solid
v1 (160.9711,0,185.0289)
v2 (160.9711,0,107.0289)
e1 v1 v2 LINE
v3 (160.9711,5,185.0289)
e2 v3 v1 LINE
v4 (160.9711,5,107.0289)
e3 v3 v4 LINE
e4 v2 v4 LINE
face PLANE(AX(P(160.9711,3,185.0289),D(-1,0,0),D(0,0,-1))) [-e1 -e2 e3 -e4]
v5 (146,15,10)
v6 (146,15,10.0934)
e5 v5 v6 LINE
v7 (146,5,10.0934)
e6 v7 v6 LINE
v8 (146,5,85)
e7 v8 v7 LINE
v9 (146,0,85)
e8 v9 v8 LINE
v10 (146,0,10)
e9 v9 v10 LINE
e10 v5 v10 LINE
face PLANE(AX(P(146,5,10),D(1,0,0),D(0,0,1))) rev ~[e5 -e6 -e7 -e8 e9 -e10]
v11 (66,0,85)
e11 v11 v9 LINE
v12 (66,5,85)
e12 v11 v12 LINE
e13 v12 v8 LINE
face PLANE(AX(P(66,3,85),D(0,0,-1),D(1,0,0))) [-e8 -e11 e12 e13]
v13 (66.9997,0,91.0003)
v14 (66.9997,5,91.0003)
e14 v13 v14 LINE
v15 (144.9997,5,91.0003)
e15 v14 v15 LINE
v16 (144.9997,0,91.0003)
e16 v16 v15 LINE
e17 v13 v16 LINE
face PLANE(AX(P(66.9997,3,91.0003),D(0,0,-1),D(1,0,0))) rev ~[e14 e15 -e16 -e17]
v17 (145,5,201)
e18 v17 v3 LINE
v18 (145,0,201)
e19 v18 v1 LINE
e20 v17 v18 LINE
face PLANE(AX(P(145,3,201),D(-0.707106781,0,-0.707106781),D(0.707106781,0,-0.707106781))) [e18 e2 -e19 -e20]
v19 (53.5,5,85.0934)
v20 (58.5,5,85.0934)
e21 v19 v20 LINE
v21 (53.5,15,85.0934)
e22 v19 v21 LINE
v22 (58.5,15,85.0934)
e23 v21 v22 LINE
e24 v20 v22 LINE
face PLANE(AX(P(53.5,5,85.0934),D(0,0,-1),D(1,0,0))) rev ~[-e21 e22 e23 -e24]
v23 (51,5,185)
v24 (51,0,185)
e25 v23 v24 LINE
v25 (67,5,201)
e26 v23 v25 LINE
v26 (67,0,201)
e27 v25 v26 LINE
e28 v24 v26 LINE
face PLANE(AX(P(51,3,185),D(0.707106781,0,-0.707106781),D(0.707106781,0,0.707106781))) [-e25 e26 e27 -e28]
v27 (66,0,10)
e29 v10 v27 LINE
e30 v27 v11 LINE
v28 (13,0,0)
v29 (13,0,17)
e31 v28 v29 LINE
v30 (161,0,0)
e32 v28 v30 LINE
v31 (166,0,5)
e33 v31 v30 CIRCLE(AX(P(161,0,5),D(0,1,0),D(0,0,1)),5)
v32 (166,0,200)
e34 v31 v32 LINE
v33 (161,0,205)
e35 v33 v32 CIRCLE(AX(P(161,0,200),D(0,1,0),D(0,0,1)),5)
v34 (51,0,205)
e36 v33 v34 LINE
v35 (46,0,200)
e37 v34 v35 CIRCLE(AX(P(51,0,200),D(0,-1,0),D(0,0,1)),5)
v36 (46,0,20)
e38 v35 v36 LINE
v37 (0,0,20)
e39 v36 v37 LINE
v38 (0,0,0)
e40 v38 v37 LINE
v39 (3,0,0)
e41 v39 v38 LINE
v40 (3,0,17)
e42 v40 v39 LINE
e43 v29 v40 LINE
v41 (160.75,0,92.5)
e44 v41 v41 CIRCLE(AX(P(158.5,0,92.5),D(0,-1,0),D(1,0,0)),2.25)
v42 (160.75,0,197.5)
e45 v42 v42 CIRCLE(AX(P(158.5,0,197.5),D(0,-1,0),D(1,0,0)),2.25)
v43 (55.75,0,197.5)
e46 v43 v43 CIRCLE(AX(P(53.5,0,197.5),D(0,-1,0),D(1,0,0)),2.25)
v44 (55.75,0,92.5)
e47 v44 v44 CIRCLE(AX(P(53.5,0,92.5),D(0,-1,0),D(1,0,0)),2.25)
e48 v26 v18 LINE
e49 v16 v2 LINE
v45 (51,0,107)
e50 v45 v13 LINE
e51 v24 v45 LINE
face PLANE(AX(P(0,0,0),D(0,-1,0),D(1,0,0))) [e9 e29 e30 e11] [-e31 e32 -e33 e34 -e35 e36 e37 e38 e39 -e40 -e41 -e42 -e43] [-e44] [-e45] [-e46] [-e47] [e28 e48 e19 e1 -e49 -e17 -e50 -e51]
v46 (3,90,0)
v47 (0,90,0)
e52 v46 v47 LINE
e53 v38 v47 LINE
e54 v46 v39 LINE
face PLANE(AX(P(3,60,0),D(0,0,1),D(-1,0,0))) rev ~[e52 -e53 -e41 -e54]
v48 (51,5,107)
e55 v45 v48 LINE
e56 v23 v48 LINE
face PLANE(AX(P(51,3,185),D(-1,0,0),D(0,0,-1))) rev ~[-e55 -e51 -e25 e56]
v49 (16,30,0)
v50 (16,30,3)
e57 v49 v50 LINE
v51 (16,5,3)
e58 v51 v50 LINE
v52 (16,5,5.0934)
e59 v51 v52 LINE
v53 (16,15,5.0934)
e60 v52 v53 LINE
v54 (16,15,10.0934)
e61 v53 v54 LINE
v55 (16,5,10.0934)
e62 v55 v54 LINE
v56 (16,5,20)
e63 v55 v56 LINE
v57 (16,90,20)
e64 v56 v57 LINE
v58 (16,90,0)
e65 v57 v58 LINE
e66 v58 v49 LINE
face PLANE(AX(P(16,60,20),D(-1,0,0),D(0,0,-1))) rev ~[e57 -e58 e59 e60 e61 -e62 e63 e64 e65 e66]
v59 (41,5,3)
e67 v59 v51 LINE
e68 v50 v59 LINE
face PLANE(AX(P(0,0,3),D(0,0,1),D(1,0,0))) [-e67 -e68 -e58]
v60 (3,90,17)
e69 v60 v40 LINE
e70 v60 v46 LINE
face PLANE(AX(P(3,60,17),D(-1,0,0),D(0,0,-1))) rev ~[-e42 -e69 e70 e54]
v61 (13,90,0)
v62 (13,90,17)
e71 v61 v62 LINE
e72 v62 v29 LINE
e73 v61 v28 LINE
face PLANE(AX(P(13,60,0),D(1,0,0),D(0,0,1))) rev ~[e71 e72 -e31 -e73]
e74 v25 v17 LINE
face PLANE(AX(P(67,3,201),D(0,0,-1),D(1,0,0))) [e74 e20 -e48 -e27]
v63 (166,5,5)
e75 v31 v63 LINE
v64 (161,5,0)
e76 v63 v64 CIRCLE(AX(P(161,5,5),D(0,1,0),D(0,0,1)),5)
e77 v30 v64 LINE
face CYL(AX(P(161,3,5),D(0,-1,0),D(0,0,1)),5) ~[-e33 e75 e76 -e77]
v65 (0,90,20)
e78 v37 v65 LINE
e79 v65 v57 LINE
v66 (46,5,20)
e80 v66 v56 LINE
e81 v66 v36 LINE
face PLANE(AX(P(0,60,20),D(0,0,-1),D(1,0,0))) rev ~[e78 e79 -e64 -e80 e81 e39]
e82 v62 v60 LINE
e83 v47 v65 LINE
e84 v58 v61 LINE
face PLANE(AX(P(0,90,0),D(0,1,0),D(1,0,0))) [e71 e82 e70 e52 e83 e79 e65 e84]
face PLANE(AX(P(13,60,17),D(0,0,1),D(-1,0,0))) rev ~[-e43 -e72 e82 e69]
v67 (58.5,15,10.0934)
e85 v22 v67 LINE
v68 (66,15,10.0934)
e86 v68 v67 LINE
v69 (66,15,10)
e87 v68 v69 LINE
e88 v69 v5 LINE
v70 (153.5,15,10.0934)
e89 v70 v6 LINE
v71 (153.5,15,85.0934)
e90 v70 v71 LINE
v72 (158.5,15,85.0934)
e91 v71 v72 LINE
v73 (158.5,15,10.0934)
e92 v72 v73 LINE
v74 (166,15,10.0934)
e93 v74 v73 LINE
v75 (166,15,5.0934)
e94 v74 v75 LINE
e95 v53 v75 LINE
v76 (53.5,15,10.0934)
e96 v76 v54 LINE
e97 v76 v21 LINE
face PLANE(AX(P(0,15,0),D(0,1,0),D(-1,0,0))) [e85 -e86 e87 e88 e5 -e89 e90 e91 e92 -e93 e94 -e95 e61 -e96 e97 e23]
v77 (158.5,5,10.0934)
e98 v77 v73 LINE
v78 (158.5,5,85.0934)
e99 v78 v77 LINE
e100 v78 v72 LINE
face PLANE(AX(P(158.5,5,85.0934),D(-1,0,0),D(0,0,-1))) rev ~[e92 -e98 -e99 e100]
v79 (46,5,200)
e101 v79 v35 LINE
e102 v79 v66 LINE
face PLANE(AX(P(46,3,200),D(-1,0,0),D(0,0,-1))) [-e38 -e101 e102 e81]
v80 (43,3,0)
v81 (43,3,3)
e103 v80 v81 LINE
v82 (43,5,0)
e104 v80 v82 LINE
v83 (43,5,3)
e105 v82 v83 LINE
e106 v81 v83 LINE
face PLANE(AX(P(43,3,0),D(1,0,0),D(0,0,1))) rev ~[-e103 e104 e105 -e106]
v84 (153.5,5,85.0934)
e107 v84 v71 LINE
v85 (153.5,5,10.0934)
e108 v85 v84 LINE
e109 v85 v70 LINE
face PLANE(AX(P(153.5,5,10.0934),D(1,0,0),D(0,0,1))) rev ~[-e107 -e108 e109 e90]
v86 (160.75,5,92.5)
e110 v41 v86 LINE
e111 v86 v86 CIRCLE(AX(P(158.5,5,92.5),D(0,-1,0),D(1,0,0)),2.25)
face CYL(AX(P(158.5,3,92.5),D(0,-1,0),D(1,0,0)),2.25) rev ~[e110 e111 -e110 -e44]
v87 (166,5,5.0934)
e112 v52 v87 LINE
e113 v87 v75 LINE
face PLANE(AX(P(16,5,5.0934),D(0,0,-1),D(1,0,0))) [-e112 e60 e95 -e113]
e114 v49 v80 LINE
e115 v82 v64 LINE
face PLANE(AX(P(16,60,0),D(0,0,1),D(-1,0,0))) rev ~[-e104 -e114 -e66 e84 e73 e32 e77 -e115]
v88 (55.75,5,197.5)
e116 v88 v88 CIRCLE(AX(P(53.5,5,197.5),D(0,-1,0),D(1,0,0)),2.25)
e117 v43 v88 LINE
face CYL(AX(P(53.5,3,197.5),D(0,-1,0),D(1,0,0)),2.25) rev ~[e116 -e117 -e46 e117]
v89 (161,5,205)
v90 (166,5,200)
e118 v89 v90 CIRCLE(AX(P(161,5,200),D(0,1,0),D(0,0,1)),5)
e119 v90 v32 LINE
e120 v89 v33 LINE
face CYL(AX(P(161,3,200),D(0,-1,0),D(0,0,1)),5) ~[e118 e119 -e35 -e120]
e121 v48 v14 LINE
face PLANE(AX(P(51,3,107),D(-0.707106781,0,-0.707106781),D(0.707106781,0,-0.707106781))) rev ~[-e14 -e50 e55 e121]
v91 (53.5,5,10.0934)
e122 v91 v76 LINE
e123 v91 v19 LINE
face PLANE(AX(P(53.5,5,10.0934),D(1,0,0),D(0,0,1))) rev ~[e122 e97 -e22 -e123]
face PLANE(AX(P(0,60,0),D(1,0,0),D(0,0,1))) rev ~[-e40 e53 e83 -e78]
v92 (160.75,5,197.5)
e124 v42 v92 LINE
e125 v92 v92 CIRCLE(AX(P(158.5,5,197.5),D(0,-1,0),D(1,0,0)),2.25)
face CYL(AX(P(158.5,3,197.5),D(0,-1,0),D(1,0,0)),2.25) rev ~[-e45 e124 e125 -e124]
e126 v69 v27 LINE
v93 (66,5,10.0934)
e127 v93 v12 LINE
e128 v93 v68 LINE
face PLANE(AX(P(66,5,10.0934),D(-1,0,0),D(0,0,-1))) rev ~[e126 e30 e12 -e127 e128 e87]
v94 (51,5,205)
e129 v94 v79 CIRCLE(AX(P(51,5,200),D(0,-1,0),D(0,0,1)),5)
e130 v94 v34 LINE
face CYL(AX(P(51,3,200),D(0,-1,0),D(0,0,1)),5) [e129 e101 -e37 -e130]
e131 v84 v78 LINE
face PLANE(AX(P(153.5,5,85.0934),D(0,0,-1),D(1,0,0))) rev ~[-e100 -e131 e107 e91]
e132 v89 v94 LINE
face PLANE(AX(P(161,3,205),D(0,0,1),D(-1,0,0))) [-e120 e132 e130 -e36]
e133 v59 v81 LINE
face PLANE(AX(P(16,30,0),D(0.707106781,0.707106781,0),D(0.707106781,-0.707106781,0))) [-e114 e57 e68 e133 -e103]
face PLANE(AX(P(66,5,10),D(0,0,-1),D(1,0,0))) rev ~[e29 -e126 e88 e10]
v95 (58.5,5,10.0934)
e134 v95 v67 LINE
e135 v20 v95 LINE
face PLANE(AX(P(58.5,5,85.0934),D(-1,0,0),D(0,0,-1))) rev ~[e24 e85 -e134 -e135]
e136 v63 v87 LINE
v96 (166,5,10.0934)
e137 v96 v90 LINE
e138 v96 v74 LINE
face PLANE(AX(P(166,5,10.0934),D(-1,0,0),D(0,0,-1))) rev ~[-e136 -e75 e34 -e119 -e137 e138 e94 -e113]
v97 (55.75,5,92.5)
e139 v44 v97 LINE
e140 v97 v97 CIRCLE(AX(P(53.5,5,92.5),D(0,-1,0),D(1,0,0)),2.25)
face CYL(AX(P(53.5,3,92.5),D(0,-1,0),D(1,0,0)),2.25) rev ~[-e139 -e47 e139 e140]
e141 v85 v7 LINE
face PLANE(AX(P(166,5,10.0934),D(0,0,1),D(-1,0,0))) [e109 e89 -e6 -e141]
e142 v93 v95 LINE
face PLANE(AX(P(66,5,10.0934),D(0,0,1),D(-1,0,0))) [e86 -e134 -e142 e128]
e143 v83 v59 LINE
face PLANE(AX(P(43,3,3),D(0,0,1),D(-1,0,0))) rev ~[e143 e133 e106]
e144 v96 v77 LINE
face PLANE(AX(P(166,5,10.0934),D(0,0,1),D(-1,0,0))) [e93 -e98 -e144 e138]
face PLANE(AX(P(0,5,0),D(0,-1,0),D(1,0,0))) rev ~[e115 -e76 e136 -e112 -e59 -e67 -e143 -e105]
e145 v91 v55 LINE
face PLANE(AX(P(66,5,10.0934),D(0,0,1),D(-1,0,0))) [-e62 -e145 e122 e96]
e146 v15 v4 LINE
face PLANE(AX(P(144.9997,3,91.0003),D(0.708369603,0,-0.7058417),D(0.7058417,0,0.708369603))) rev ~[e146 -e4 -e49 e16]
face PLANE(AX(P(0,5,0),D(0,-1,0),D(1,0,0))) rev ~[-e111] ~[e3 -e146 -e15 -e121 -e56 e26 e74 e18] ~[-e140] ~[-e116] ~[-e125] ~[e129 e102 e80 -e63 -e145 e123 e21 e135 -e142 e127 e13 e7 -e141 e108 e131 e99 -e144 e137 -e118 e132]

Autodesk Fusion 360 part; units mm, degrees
sketch "Sketch1" plane through (0, 0, 0) normal (0, 1, 0) x (1, 0, 0)
  line L0 (0, 0) -> (0, -20)
  line L1 (0, -20) -> (16, -20)
  line L2 (16, -20) -> (16, 0)
  line L3 (16, 0) -> (13, 0)
  line L4 (13, 0) -> (13, -17)
  line L5 (13, -17) -> (3, -17)
  line L6 (3, -17) -> (3, 0)
  line L7 (3, 0) -> (0, 0)
extrude "Extrude1" add sketch "Sketch1" along normal blind 60
sketch "Sketch2" plane through (0, 0, 0) normal (0, -1, 0) x (1, 0, 0)
  line L0 (0, 0) -> (3, 0)
  line L1 (3, 0) -> (3, 17)
  line L2 (3, 17) -> (13, 17)
  line L3 (13, 17) -> (13, 0)
  line L4 (13, 0) -> (16, 0)
  line L5 (16, 0) -> (16, 20)
  line L6 (16, 20) -> (0, 20)
  line L7 (0, 20) -> (0, 0)
  line L8 (16, 0) -> (66, 0)
  line L9 (66, 0) -> (66, 85)
  line L10 (66, 85) -> (146, 85)
  line L11 (146, 85) -> (146, 0)
  line L12 (146, 0) -> (166, 0)
  line L13 (166, 0) -> (166, 205)
  line L14 (166, 205) -> (46, 205)
  line L15 (46, 205) -> (46, 20)
  line L16 (46, 20) -> (16, 20)
  dimension "d3" = 50
  dimension "d4" = 85
  dimension "d5" = 80
  dimension "d6" = 20
  dimension "d7" = 205
  dimension "d8" = 120
  dimension "d9" = 185
extrude "Extrude2" add sketch "Sketch2" against normal blind 3 contours L5 L8 L9 L10 L11 L12 L13 L14 L15 L16
sketch "Sketch3" plane through (0, 0, 0) normal (0, 1, 0) x (1, 0, 0)
  line L0 (65, 0) -> (150, 0)
  line L1 (150, 0) -> (150, -10)
  line L2 (150, -10) -> (65, -10)
  line L3 (65, -10) -> (65, 0)
extrude "Extrude3" add sketch "Sketch3" along normal blind 3
sketch "Sketch4" plane through (0, 0, 0) normal (0, 1, 0) x (1, 0, 0)
sketch "Sketch5" plane through (0, 0, 0) normal (0, 0, 1) x (1, 0, 0)
  line L0 (16, 3) -> (16, 30)
  line L1 (16, 30) -> (43, 3)
  line L2 (43, 3) -> (16, 3)
extrude "Extrude4" add sketch "Sketch5" along normal blind 3
sketch "Sketch6" plane through (0, 0, 0) normal (0, -1, 0) x (1, 0, 0)
  line L0 (66, 10) -> (66, 85)
  line L1 (66, 85) -> (146, 85)
  line L2 (146, 85) -> (146, 10)
  line L3 (146, 10) -> (66, 10)
  line L4 (13, 0) -> (166, 0)
  line L5 (166, 0) -> (166, 205)
  line L6 (166, 205) -> (46, 205)
  line L7 (46, 205) -> (46, 20)
  line L8 (46, 20) -> (16, 20)
  line L9 (16, 20) -> (0, 20)
  line L10 (0, 20) -> (0, 0)
  line L11 (0, 0) -> (3, 0)
  line L12 (3, 0) -> (3, 17)
  line L13 (3, 17) -> (13, 17)
  line L14 (13, 17) -> (13, 0)
  circle A0 centre (51.25, 199.75) radius 2.25
  circle A1 centre (160.75, 199.75) radius 2.25
  circle A2 centre (51.25, 90.25) radius 2.25
  circle A3 centre (160.75, 90.25) radius 2.25
  dimension "d16" = 4.5
  dimension "d17" = 5.25
  dimension "d18" = 5.25
  dimension "d19" = 4.5
  dimension "d20" = 5.25
  dimension "d21" = 5.25
  dimension "d22" = 4.5
  dimension "d23" = 5.25
  dimension "d24" = 114.75
  dimension "d25" = 4.5
  dimension "d26" = 5.25
  dimension "d27" = 114.75
extrude "Extrude5" cut sketch "Sketch6" against normal blind 5 contours A0 | A1 | A2 | A3
sketch "Sketch7" plane through (0, 0, 0) normal (0, -1, 0) x (1, 0, 0)
  circle A0 centre (160.75, 90.25) radius 2.25
  circle A1 centre (160.75, 199.75) radius 2.25
  circle A2 centre (51.25, 90.25) radius 2.25
  circle A3 centre (51.25, 199.75) radius 2.25
  line L0 (66, 10) -> (66, 85)
  line L1 (66, 85) -> (146, 85)
  line L2 (146, 85) -> (146, 10)
  line L3 (146, 10) -> (66, 10)
  line L4 (13, 0) -> (166, 0)
  line L5 (166, 0) -> (166, 205)
  line L6 (166, 205) -> (46, 205)
  line L7 (46, 205) -> (46, 20)
  line L8 (46, 20) -> (16, 20)
  line L9 (16, 20) -> (0, 20)
  line L10 (0, 20) -> (0, 0)
  line L11 (0, 0) -> (3, 0)
  line L12 (3, 0) -> (3, 17)
  line L13 (3, 17) -> (13, 17)
  line L14 (13, 17) -> (13, 0)
  line L15 (51, 185) -> (67, 201)
  line L16 (67, 201) -> (145, 201)
  line L17 (145, 201) -> (160.9711, 185.0289)
  line L18 (160.9711, 185.0289) -> (160.9711, 107.0289)
  line L19 (51, 185) -> (51, 107)
  line L20 (51, 107) -> (66.9997, 91.0003)
  line L21 (66.9997, 91.0003) -> (144.9997, 91.0003)
  line L22 (144.9997, 91.0003) -> (160.9711, 107.0289)
  dimension "d30" = 78
  dimension "d31" = 22.627
  dimension "d32" = 78
  dimension "d33" = 78
extrude "Extrude6" cut sketch "Sketch7" against normal blind 10 contours L15 L16 L17 L18 L19 L20 L21 L22
sketch "Sketch8" plane through (0, 0, 0) normal (0, -1, 0) x (1, 0, 0)
  line L0 (66.9997, 91.0003) -> (51, 107)
  line L1 (51, 107) -> (51, 185)
  line L2 (51, 185) -> (67, 201)
  line L3 (67, 201) -> (145, 201)
  line L4 (145, 201) -> (160.9711, 185.0289)
  line L5 (160.9711, 185.0289) -> (160.9711, 107.0289)
  line L6 (160.9711, 107.0289) -> (144.9997, 91.0003)
  line L7 (144.9997, 91.0003) -> (66.9997, 91.0003)
  circle A0 centre (160.75, 90.25) radius 2.25
  circle A1 centre (160.75, 199.75) radius 2.25
  circle A2 centre (51.25, 90.25) radius 2.25
  line L8 (66, 10) -> (66, 85)
  line L9 (66, 85) -> (146, 85)
  line L10 (146, 85) -> (146, 10)
  line L11 (146, 10) -> (66, 10)
  line L12 (13, 0) -> (166, 0)
  line L13 (166, 0) -> (166, 205)
  line L14 (166, 205) -> (46, 205)
  line L15 (46, 205) -> (46, 20)
  line L16 (46, 20) -> (16, 20)
  line L17 (16, 20) -> (0, 20)
  line L18 (0, 20) -> (0, 0)
  line L19 (0, 0) -> (3, 0)
  line L20 (3, 0) -> (3, 17)
  line L21 (3, 17) -> (13, 17)
  line L22 (13, 17) -> (13, 0)
sketch "Sketch9" plane through (0, 0, 0) normal (0, -1, 0) x (1, 0, 0)
  circle A0 centre (51, 200) radius 3.6056
extrude "Extrude7" add sketch "Sketch9" against normal blind 3
sketch "Sketch10" plane through (0, 0, 0) normal (0, -1, 0) x (1, 0, 0)
  circle A0 centre (53.5, 197.5) radius 2.25
  line L0 (46, 205) -> (46, 20)
  line L1 (166, 205) -> (46, 205)
  dimension "d38" = 4.5
  dimension "d39" = 7.5
  dimension "d40" = 7.5
sketch "Sketch11" plane through (0, 0, 0) normal (0, -1, 0) x (1, 0, 0)
  circle A0 centre (160, 200) radius 4.464
extrude "Extrude8" add sketch "Sketch11" against normal blind 3
sketch "Sketch12" plane through (0, 0, 0) normal (0, -1, 0) x (1, 0, 0)
  circle A0 centre (158.5, 197.5) radius 2.25
  line L0 (166, 0) -> (166, 205)
  line L1 (166, 205) -> (46, 205)
  dimension "d43" = 4.5
  dimension "d44" = 7.5
  dimension "d45" = 7.5
extrude "Extrude9" cut sketch "Sketch10" against normal blind 3
extrude "Extrude10" cut sketch "Sketch12" against normal blind 3
sketch "Sketch13" plane through (0, 0, 0) normal (0, -1, 0) x (1, 0, 0)
  circle A0 centre (50, 90) radius 3.5652
  circle A1 centre (160, 90) radius 4.4009
extrude "Extrude11" add sketch "Sketch13" against normal blind 3 contours A0
extrude "Extrude12" add sketch "Sketch8" against normal blind 3 contours A0
sketch "Sketch14" plane through (0, 0, 0) normal (0, -1, 0) x (1, 0, 0)
  circle A0 centre (158.5, 197.5) radius 2.25
  circle A1 centre (53.5, 197.5) radius 2.25
  line L0 (66.9997, 91.0003) -> (51, 107)
  line L1 (51, 107) -> (51, 185)
  line L2 (51, 185) -> (67, 201)
  line L3 (67, 201) -> (145, 201)
  line L4 (145, 201) -> (160.9711, 185.0289)
  line L5 (160.9711, 185.0289) -> (160.9711, 107.0289)
  line L6 (160.9711, 107.0289) -> (144.9997, 91.0003)
  line L7 (144.9997, 91.0003) -> (66.9997, 91.0003)
  line L8 (66, 10) -> (66, 85)
  line L9 (66, 85) -> (146, 85)
  line L10 (146, 85) -> (146, 10)
  line L11 (146, 10) -> (66, 10)
  line L12 (13, 0) -> (166, 0)
  line L13 (166, 0) -> (166, 205)
  line L14 (166, 205) -> (46, 205)
  line L15 (46, 205) -> (46, 20)
  line L16 (46, 20) -> (16, 20)
  line L17 (16, 20) -> (0, 20)
  line L18 (0, 20) -> (0, 0)
  line L19 (0, 0) -> (3, 0)
  line L20 (3, 0) -> (3, 17)
  line L21 (3, 17) -> (13, 17)
  line L22 (13, 17) -> (13, 0)
  circle A2 centre (53.5, 92.5) radius 2.25
  circle A3 centre (158.5, 92.5) radius 2.25
  dimension "d54" = 4.5
  dimension "d55" = 7.5
  dimension "d57" = 7.5
  dimension "d58" = 4.5
  dimension "d59" = 7.5
  dimension "d60" = 7.5
extrude "Extrude13" cut sketch "Sketch14" against normal blind 3 contours A2 | A3
fillet "Fillet1" radius 5 1 edges at (46, 1.5, 205)
fillet "Fillet2" radius 5 1 edges at (166, 1.5, 205)
fillet "Fillet3" radius 5 1 edges at (166, 1.5, 0)
extrude "Extrude14" add 1 faces at (59.3333, 3, 38.3333) along direction (0, 1, 0) blind 2
sketch "Sketch15" plane through (0, 5, 0) normal (0, 1, 0) x (-1, 0, 0)
  arc A0 (-166, 5) -> (-161, 0) centre (-161, 5) ccw
  line L0 (-161, 0) -> (-43, 0)
  line L1 (-43, 0) -> (-43, 3)
  line L2 (-43, 3) -> (-41, 3)
  line L3 (-41, 3) -> (-16, 3)
  line L4 (-16, 3) -> (-16, 20)
  line L5 (-16, 20) -> (-46, 20)
  line L6 (-46, 20) -> (-46, 200)
  arc A1 (-46, 200) -> (-51, 205) centre (-51, 200) ccw
  line L7 (-51, 205) -> (-161, 205)
  arc A2 (-161, 205) -> (-166, 200) centre (-161, 200) ccw
  line L8 (-166, 200) -> (-166, 5)
  circle A3 centre (-53.5, 92.5) radius 2.25
  circle A4 centre (-158.5, 92.5) radius 2.25
  circle A5 centre (-158.5, 197.5) radius 2.25
  circle A6 centre (-53.5, 197.5) radius 2.25
  line L9 (-51, 107) -> (-66.9997, 91.0003)
  line L10 (-66.9997, 91.0003) -> (-144.9997, 91.0003)
  line L11 (-144.9997, 91.0003) -> (-160.9711, 107.0289)
  line L12 (-160.9711, 107.0289) -> (-160.9711, 185.0289)
  line L13 (-160.9711, 185.0289) -> (-145, 201)
  line L14 (-145, 201) -> (-67, 201)
  line L15 (-67, 201) -> (-51, 185)
  line L16 (-51, 185) -> (-51, 107)
  line L17 (-66, 10) -> (-146, 10)
  line L18 (-146, 10) -> (-146, 85)
  line L19 (-146, 85) -> (-66, 85)
  line L20 (-66, 85) -> (-66, 10)
  line L21 (-166, 10.0934) -> (-16, 10.0934)
  line L22 (-16, 10.0934) -> (-16, 5.0934)
  line L23 (-16, 5.0934) -> (-166, 5.0934)
  line L24 (-166, 5.0934) -> (-166, 10.0934)
  dimension "d71" = 5
extrude "Extrude15" add sketch "Sketch15" along normal blind 10 contours L4 L8 L17 L18 L20 L21 L22 L23 L24
sketch "Sketch16" plane through (0, 5, 0) normal (0, 1, 0) x (-1, 0, 0)
  line L0 (-166, 10.0934) -> (-146, 10.0934)
  line L1 (-146, 10.0934) -> (-146, 85)
  line L2 (-146, 85) -> (-66, 85)
  line L3 (-66, 85) -> (-66, 10.0934)
  line L4 (-66, 10.0934) -> (-16, 10.0934)
  line L5 (-16, 10.0934) -> (-16, 20)
  line L6 (-16, 20) -> (-46, 20)
  line L7 (-46, 20) -> (-46, 200)
  arc A0 (-46, 200) -> (-51, 205) centre (-51, 200) ccw
  line L8 (-51, 205) -> (-161, 205)
  arc A1 (-161, 205) -> (-166, 200) centre (-161, 200) ccw
  line L9 (-166, 200) -> (-166, 10.0934)
  line L10 (-51, 107) -> (-66.9997, 91.0003)
  line L11 (-66.9997, 91.0003) -> (-144.9997, 91.0003)
  line L12 (-144.9997, 91.0003) -> (-160.9711, 107.0289)
  line L13 (-160.9711, 107.0289) -> (-160.9711, 185.0289)
  line L14 (-160.9711, 185.0289) -> (-145, 201)
  line L15 (-145, 201) -> (-67, 201)
  line L16 (-67, 201) -> (-51, 185)
  line L17 (-51, 185) -> (-51, 107)
  circle A2 centre (-53.5, 197.5) radius 2.25
  circle A3 centre (-158.5, 197.5) radius 2.25
  circle A4 centre (-158.5, 92.5) radius 2.25
  circle A5 centre (-53.5, 92.5) radius 2.25
  line L18 (-158.5, 10.0934) -> (-153.5, 10.0934)
  line L19 (-153.5, 10.0934) -> (-153.5, 85.0934)
  line L20 (-153.5, 85.0934) -> (-158.5, 85.0934)
  line L21 (-158.5, 85.0934) -> (-158.5, 10.0934)
  dimension "d74" = 75
  dimension "d75" = 7.5
  dimension "d76" = 5
extrude "Extrude16" add sketch "Sketch16" along normal blind 10 contours L0 L18 L19 L20 L21
sketch "Sketch17" plane through (0, 5, 0) normal (0, 1, 0) x (-1, 0, 0)
  circle A0 centre (-53.5, 92.5) radius 2.25
  circle A1 centre (-158.5, 92.5) radius 2.25
  circle A2 centre (-158.5, 197.5) radius 2.25
  circle A3 centre (-53.5, 197.5) radius 2.25
  line L0 (-51, 107) -> (-66.9997, 91.0003)
  line L1 (-66.9997, 91.0003) -> (-144.9997, 91.0003)
  line L2 (-144.9997, 91.0003) -> (-160.9711, 107.0289)
  line L3 (-160.9711, 107.0289) -> (-160.9711, 185.0289)
  line L4 (-160.9711, 185.0289) -> (-145, 201)
  line L5 (-145, 201) -> (-67, 201)
  line L6 (-67, 201) -> (-51, 185)
  line L7 (-51, 185) -> (-51, 107)
  line L8 (-158.5, 10.0934) -> (-158.5, 85.0934)
  line L9 (-158.5, 85.0934) -> (-153.5, 85.0934)
  line L10 (-153.5, 85.0934) -> (-153.5, 10.0934)
  line L11 (-153.5, 10.0934) -> (-146, 10.0934)
  line L12 (-146, 10.0934) -> (-146, 85)
  line L13 (-146, 85) -> (-66, 85)
  line L14 (-66, 85) -> (-66, 10.0934)
  line L15 (-66, 10.0934) -> (-16, 10.0934)
  line L16 (-16, 10.0934) -> (-16, 20)
  line L17 (-16, 20) -> (-46, 20)
  line L18 (-46, 20) -> (-46, 200)
  arc A4 (-46, 200) -> (-51, 205) centre (-51, 200) ccw
  line L19 (-51, 205) -> (-161, 205)
  arc A5 (-161, 205) -> (-166, 200) centre (-161, 200) ccw
  line L20 (-166, 200) -> (-166, 10.0934)
  line L21 (-166, 10.0934) -> (-158.5, 10.0934)
  line L22 (-58.5, 10.0934) -> (-53.5, 10.0934)
  line L23 (-53.5, 10.0934) -> (-53.5, 85.0934)
  line L24 (-53.5, 85.0934) -> (-58.5, 85.0934)
  line L25 (-58.5, 85.0934) -> (-58.5, 10.0934)
  dimension "d79" = 5
  dimension "d80" = 75
  dimension "d81" = 7.5
extrude "Extrude17" add sketch "Sketch17" along normal blind 10 contours L15 L22 L23 L24 L25
extrude "Extrude18" add 1 faces at (1, 60, 12.3333) along direction (0, 1, 0) blind 30
